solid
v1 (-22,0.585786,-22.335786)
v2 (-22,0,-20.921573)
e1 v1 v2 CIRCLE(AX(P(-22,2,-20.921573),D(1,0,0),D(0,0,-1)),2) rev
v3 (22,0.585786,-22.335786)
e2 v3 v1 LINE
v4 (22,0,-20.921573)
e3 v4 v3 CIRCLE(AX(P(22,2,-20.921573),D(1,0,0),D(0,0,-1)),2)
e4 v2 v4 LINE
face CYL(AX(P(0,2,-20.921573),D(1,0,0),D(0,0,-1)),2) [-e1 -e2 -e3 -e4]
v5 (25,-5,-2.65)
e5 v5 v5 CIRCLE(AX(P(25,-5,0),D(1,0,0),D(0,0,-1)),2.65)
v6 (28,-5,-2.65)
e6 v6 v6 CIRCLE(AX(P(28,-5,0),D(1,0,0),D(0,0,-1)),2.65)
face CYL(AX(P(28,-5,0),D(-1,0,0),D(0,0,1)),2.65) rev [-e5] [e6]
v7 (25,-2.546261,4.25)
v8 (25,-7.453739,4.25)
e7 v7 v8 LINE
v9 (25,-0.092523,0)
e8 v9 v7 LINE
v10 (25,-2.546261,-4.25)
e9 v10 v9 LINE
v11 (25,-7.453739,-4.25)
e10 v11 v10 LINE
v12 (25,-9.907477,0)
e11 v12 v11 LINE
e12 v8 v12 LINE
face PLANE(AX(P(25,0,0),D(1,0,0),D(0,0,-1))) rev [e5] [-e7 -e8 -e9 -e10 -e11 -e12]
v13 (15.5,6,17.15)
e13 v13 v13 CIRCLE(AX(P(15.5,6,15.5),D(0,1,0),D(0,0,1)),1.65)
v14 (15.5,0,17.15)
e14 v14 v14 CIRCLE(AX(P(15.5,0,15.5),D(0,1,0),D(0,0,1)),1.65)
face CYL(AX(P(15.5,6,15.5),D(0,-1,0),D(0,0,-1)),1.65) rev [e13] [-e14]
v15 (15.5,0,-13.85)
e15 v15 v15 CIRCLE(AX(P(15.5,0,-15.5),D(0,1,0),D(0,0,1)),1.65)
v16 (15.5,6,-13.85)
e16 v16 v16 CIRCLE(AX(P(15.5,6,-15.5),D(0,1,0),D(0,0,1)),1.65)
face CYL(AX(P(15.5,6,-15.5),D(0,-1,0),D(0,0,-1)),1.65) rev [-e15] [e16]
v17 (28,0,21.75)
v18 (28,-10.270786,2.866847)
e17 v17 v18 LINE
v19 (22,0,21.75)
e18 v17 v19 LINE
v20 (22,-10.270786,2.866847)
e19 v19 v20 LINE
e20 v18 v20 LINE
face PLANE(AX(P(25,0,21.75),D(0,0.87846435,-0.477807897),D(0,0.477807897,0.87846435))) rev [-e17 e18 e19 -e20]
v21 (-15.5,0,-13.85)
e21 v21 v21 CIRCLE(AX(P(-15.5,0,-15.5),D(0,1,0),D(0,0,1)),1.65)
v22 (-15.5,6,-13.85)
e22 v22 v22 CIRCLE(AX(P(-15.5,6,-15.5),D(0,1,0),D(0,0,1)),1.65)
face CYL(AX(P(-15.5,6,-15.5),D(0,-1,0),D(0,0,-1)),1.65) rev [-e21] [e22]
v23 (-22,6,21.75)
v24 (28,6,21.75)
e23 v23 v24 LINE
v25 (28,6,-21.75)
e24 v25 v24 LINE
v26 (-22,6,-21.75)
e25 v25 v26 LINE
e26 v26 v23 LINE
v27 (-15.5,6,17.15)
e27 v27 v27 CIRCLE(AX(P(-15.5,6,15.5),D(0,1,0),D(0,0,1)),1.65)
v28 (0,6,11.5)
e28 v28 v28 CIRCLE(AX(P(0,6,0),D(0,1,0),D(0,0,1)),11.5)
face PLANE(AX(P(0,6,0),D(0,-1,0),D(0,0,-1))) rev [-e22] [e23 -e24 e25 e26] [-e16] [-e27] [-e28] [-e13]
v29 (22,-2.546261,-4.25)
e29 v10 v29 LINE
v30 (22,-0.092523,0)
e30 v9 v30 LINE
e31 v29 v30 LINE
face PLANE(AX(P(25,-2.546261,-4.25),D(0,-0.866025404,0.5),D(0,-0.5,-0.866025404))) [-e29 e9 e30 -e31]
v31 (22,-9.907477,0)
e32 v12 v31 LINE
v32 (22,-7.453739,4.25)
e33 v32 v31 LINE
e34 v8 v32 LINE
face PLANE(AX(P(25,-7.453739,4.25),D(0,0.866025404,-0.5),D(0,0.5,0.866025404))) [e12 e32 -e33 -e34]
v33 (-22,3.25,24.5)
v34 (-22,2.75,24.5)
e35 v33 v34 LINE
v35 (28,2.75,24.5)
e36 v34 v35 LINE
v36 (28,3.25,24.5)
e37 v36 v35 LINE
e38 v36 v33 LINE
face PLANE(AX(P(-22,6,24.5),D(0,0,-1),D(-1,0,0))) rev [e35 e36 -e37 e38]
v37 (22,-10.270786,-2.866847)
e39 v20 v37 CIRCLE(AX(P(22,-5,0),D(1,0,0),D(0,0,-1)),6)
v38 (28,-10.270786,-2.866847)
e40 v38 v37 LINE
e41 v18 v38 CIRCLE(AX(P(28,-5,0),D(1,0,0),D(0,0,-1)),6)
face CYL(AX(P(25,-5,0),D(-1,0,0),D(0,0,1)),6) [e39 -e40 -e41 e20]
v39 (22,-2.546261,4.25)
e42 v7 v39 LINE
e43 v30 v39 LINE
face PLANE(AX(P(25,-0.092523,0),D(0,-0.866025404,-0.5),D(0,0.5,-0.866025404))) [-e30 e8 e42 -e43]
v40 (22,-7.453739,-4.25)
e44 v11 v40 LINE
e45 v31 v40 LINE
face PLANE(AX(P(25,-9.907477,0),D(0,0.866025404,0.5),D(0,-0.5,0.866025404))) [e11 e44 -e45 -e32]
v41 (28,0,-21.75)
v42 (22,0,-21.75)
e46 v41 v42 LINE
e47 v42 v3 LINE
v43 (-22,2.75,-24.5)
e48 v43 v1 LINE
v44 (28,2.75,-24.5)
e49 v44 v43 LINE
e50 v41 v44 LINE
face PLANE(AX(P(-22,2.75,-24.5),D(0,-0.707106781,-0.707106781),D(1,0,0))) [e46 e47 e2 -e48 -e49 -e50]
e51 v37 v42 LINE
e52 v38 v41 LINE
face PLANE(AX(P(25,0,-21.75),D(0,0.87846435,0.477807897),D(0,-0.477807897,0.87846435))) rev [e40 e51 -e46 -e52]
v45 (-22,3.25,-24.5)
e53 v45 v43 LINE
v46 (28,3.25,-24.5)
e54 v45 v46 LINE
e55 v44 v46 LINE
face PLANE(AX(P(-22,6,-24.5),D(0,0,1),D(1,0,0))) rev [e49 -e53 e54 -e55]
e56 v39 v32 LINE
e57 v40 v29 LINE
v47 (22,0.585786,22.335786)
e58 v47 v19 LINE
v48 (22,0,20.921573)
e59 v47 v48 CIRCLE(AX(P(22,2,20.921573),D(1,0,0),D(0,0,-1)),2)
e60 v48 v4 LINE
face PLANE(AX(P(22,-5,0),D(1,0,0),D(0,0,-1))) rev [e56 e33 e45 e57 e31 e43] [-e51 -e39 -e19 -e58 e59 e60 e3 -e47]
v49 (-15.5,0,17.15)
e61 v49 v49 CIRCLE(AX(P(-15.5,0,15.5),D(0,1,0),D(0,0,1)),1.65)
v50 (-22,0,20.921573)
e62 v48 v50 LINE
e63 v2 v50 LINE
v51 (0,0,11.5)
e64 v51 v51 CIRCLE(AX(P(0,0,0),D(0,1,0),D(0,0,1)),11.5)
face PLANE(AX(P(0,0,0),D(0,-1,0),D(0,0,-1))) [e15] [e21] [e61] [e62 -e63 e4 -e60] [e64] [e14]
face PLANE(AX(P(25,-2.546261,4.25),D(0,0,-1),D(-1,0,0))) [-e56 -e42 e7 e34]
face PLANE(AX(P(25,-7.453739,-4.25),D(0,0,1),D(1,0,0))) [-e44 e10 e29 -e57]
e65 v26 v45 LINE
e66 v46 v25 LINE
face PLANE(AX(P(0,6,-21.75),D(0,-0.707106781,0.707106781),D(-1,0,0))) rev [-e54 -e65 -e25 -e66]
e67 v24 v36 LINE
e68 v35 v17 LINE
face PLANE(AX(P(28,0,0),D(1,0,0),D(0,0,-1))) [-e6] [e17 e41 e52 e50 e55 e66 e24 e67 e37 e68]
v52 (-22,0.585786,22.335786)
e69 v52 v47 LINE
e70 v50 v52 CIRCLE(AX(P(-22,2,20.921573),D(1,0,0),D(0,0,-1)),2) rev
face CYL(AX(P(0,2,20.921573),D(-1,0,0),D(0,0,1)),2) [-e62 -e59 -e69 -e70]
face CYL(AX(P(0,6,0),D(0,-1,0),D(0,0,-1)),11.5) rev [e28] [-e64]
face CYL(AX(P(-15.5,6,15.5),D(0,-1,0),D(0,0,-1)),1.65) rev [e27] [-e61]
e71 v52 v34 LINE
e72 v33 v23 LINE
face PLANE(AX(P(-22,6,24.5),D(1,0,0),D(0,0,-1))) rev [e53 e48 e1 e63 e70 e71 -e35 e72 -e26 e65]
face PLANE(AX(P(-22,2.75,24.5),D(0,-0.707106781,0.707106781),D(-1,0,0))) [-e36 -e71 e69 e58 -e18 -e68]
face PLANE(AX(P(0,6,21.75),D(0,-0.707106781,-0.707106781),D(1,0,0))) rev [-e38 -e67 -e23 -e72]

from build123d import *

# Parameters (mm, degrees)
SKETCH1_W           = 44
SKETCH1_H           = 49
SKETCH1_R           = 11.5
SKETCH1_R_2         = 1.65
BOSS_EXTRUDE1_DEPTH = 6
CHAMFER1_SIZE       = 2.75
BOSS_EXTRUDE2_DEPTH = 3
SKETCH3_R           = 2.65
BOSS_EXTRUDE3_DEPTH = 3
BOSS_EXTRUDE4_DEPTH = 6
FILLET1_R           = 2


with BuildPart() as part:
    # Sketch1 → Boss-Extrude1 (new body)
    with BuildSketch(Plane(origin=(0, 0, 0), x_dir=(1, 0, 0), z_dir=(0, 1, 0))):
        Rectangle(SKETCH1_W, SKETCH1_H)
        with Locations(Location((0, 0, 0), (0, 0, 270))):
            Circle(SKETCH1_R, mode=Mode.SUBTRACT)
        with Locations(Location((15.5, 15.5, 0), (0, 0, 270))):
            Circle(SKETCH1_R_2, mode=Mode.SUBTRACT)
        with Locations(Location((15.5, -15.5, 0), (0, 0, 270))):
            Circle(SKETCH1_R_2, mode=Mode.SUBTRACT)
        with Locations(Location((-15.5, -15.5, 0), (0, 0, 270))):
            Circle(SKETCH1_R_2, mode=Mode.SUBTRACT)
        with Locations(Location((-15.5, 15.5, 0), (0, 0, 270))):
            Circle(SKETCH1_R_2, mode=Mode.SUBTRACT)
    extrude(amount=BOSS_EXTRUDE1_DEPTH)

    # Chamfer1
    chamfer1_edges = [part.edges().sort_by_distance(p)[0] for p in [
        (0, 6, 24.5),
        (0, 0, 24.5),
        (0, 0, -24.5),
        (0, 6, -24.5),
    ]]
    chamfer(chamfer1_edges, length=CHAMFER1_SIZE)

    # Sketch2 → Boss-Extrude2 (add)
    with BuildSketch(Plane(origin=(22, 0, 0), x_dir=(0, 0, -1), z_dir=(1, 0, 0))):
        with BuildLine():
            Line((-21.75, 6), (21.75, 6))
            Line((21.75, 6), (21.75, 0))
            Line((21.75, 0), (2.866847379, -10.270786099))
            ThreePointArc((2.866847379, -10.270786099), (0, -11), (-2.866847379, -10.270786099))
            Line((-2.866847379, -10.270786099), (-21.75, 0))
            Line((-21.75, 0), (-21.75, 6))
        make_face()
        Polygon((0, -9.907477288), (4.25, -7.453738644), (4.25, -2.546261356), (0, -0.092522712), (-4.25, -2.546261356), (-4.25, -7.453738644), align=None, mode=Mode.SUBTRACT)
    extrude(amount=BOSS_EXTRUDE2_DEPTH)

    # Sketch3 → Boss-Extrude3 (add)
    # profile 1 of 2: a face of its own
    with BuildSketch(Plane(origin=(25, 0, 0), x_dir=(0, 0, -1), z_dir=(1, 0, 0))):
        with BuildLine():
            Line((21.75, 6), (-21.75, 6))
            Line((-21.75, 6), (-21.75, 0))
            Line((-21.75, 0), (-2.866847379, -10.270786099))
            ThreePointArc((-2.866847379, -10.270786099), (0, -11), (2.866847379, -10.270786099))
            Line((2.866847379, -10.270786099), (21.75, 0))
            Line((21.75, 0), (21.75, 6))
        make_face()
        Polygon((4.25, -2.546261356), (4.25, -7.453738644), (0, -9.907477288), (-4.25, -7.453738644), (-4.25, -2.546261356), (0, -0.092522712), align=None, mode=Mode.SUBTRACT)
    # profile 2 of 2: a face of its own
    with BuildSketch(Plane(origin=(25, 0, 0), x_dir=(0, 0, -1), z_dir=(1, 0, 0))):
        Polygon((4.25, -7.453738644), (0, -9.907477288), (-4.25, -7.453738644), (-4.25, -2.546261356), (0, -0.092522712), (4.25, -2.546261356), align=None)
        with Locations((0, -5)):
            Circle(SKETCH3_R, mode=Mode.SUBTRACT)
    extrude(amount=BOSS_EXTRUDE3_DEPTH)

    # Sketch4 → Boss-Extrude4 (add)
    with BuildSketch(Plane(origin=(22, 0, 0), x_dir=(0, 0, -1), z_dir=(1, 0, 0))):
        Polygon((-21.75, 0), (-21.75, 6), (-24.5, 3.25), (-24.5, 2.75), align=None)
        Polygon((21.75, 6), (21.75, 0), (24.5, 2.75), (24.5, 3.25), align=None)
    extrude(amount=BOSS_EXTRUDE4_DEPTH)

    # Fillet1
    fillet1_edges = [part.edges().sort_by_distance(p)[0] for p in [
        (0, 0, 21.75),
        (0, 0, -21.75),
    ]]
    fillet(fillet1_edges, radius=FILLET1_R)


solid = part.part
